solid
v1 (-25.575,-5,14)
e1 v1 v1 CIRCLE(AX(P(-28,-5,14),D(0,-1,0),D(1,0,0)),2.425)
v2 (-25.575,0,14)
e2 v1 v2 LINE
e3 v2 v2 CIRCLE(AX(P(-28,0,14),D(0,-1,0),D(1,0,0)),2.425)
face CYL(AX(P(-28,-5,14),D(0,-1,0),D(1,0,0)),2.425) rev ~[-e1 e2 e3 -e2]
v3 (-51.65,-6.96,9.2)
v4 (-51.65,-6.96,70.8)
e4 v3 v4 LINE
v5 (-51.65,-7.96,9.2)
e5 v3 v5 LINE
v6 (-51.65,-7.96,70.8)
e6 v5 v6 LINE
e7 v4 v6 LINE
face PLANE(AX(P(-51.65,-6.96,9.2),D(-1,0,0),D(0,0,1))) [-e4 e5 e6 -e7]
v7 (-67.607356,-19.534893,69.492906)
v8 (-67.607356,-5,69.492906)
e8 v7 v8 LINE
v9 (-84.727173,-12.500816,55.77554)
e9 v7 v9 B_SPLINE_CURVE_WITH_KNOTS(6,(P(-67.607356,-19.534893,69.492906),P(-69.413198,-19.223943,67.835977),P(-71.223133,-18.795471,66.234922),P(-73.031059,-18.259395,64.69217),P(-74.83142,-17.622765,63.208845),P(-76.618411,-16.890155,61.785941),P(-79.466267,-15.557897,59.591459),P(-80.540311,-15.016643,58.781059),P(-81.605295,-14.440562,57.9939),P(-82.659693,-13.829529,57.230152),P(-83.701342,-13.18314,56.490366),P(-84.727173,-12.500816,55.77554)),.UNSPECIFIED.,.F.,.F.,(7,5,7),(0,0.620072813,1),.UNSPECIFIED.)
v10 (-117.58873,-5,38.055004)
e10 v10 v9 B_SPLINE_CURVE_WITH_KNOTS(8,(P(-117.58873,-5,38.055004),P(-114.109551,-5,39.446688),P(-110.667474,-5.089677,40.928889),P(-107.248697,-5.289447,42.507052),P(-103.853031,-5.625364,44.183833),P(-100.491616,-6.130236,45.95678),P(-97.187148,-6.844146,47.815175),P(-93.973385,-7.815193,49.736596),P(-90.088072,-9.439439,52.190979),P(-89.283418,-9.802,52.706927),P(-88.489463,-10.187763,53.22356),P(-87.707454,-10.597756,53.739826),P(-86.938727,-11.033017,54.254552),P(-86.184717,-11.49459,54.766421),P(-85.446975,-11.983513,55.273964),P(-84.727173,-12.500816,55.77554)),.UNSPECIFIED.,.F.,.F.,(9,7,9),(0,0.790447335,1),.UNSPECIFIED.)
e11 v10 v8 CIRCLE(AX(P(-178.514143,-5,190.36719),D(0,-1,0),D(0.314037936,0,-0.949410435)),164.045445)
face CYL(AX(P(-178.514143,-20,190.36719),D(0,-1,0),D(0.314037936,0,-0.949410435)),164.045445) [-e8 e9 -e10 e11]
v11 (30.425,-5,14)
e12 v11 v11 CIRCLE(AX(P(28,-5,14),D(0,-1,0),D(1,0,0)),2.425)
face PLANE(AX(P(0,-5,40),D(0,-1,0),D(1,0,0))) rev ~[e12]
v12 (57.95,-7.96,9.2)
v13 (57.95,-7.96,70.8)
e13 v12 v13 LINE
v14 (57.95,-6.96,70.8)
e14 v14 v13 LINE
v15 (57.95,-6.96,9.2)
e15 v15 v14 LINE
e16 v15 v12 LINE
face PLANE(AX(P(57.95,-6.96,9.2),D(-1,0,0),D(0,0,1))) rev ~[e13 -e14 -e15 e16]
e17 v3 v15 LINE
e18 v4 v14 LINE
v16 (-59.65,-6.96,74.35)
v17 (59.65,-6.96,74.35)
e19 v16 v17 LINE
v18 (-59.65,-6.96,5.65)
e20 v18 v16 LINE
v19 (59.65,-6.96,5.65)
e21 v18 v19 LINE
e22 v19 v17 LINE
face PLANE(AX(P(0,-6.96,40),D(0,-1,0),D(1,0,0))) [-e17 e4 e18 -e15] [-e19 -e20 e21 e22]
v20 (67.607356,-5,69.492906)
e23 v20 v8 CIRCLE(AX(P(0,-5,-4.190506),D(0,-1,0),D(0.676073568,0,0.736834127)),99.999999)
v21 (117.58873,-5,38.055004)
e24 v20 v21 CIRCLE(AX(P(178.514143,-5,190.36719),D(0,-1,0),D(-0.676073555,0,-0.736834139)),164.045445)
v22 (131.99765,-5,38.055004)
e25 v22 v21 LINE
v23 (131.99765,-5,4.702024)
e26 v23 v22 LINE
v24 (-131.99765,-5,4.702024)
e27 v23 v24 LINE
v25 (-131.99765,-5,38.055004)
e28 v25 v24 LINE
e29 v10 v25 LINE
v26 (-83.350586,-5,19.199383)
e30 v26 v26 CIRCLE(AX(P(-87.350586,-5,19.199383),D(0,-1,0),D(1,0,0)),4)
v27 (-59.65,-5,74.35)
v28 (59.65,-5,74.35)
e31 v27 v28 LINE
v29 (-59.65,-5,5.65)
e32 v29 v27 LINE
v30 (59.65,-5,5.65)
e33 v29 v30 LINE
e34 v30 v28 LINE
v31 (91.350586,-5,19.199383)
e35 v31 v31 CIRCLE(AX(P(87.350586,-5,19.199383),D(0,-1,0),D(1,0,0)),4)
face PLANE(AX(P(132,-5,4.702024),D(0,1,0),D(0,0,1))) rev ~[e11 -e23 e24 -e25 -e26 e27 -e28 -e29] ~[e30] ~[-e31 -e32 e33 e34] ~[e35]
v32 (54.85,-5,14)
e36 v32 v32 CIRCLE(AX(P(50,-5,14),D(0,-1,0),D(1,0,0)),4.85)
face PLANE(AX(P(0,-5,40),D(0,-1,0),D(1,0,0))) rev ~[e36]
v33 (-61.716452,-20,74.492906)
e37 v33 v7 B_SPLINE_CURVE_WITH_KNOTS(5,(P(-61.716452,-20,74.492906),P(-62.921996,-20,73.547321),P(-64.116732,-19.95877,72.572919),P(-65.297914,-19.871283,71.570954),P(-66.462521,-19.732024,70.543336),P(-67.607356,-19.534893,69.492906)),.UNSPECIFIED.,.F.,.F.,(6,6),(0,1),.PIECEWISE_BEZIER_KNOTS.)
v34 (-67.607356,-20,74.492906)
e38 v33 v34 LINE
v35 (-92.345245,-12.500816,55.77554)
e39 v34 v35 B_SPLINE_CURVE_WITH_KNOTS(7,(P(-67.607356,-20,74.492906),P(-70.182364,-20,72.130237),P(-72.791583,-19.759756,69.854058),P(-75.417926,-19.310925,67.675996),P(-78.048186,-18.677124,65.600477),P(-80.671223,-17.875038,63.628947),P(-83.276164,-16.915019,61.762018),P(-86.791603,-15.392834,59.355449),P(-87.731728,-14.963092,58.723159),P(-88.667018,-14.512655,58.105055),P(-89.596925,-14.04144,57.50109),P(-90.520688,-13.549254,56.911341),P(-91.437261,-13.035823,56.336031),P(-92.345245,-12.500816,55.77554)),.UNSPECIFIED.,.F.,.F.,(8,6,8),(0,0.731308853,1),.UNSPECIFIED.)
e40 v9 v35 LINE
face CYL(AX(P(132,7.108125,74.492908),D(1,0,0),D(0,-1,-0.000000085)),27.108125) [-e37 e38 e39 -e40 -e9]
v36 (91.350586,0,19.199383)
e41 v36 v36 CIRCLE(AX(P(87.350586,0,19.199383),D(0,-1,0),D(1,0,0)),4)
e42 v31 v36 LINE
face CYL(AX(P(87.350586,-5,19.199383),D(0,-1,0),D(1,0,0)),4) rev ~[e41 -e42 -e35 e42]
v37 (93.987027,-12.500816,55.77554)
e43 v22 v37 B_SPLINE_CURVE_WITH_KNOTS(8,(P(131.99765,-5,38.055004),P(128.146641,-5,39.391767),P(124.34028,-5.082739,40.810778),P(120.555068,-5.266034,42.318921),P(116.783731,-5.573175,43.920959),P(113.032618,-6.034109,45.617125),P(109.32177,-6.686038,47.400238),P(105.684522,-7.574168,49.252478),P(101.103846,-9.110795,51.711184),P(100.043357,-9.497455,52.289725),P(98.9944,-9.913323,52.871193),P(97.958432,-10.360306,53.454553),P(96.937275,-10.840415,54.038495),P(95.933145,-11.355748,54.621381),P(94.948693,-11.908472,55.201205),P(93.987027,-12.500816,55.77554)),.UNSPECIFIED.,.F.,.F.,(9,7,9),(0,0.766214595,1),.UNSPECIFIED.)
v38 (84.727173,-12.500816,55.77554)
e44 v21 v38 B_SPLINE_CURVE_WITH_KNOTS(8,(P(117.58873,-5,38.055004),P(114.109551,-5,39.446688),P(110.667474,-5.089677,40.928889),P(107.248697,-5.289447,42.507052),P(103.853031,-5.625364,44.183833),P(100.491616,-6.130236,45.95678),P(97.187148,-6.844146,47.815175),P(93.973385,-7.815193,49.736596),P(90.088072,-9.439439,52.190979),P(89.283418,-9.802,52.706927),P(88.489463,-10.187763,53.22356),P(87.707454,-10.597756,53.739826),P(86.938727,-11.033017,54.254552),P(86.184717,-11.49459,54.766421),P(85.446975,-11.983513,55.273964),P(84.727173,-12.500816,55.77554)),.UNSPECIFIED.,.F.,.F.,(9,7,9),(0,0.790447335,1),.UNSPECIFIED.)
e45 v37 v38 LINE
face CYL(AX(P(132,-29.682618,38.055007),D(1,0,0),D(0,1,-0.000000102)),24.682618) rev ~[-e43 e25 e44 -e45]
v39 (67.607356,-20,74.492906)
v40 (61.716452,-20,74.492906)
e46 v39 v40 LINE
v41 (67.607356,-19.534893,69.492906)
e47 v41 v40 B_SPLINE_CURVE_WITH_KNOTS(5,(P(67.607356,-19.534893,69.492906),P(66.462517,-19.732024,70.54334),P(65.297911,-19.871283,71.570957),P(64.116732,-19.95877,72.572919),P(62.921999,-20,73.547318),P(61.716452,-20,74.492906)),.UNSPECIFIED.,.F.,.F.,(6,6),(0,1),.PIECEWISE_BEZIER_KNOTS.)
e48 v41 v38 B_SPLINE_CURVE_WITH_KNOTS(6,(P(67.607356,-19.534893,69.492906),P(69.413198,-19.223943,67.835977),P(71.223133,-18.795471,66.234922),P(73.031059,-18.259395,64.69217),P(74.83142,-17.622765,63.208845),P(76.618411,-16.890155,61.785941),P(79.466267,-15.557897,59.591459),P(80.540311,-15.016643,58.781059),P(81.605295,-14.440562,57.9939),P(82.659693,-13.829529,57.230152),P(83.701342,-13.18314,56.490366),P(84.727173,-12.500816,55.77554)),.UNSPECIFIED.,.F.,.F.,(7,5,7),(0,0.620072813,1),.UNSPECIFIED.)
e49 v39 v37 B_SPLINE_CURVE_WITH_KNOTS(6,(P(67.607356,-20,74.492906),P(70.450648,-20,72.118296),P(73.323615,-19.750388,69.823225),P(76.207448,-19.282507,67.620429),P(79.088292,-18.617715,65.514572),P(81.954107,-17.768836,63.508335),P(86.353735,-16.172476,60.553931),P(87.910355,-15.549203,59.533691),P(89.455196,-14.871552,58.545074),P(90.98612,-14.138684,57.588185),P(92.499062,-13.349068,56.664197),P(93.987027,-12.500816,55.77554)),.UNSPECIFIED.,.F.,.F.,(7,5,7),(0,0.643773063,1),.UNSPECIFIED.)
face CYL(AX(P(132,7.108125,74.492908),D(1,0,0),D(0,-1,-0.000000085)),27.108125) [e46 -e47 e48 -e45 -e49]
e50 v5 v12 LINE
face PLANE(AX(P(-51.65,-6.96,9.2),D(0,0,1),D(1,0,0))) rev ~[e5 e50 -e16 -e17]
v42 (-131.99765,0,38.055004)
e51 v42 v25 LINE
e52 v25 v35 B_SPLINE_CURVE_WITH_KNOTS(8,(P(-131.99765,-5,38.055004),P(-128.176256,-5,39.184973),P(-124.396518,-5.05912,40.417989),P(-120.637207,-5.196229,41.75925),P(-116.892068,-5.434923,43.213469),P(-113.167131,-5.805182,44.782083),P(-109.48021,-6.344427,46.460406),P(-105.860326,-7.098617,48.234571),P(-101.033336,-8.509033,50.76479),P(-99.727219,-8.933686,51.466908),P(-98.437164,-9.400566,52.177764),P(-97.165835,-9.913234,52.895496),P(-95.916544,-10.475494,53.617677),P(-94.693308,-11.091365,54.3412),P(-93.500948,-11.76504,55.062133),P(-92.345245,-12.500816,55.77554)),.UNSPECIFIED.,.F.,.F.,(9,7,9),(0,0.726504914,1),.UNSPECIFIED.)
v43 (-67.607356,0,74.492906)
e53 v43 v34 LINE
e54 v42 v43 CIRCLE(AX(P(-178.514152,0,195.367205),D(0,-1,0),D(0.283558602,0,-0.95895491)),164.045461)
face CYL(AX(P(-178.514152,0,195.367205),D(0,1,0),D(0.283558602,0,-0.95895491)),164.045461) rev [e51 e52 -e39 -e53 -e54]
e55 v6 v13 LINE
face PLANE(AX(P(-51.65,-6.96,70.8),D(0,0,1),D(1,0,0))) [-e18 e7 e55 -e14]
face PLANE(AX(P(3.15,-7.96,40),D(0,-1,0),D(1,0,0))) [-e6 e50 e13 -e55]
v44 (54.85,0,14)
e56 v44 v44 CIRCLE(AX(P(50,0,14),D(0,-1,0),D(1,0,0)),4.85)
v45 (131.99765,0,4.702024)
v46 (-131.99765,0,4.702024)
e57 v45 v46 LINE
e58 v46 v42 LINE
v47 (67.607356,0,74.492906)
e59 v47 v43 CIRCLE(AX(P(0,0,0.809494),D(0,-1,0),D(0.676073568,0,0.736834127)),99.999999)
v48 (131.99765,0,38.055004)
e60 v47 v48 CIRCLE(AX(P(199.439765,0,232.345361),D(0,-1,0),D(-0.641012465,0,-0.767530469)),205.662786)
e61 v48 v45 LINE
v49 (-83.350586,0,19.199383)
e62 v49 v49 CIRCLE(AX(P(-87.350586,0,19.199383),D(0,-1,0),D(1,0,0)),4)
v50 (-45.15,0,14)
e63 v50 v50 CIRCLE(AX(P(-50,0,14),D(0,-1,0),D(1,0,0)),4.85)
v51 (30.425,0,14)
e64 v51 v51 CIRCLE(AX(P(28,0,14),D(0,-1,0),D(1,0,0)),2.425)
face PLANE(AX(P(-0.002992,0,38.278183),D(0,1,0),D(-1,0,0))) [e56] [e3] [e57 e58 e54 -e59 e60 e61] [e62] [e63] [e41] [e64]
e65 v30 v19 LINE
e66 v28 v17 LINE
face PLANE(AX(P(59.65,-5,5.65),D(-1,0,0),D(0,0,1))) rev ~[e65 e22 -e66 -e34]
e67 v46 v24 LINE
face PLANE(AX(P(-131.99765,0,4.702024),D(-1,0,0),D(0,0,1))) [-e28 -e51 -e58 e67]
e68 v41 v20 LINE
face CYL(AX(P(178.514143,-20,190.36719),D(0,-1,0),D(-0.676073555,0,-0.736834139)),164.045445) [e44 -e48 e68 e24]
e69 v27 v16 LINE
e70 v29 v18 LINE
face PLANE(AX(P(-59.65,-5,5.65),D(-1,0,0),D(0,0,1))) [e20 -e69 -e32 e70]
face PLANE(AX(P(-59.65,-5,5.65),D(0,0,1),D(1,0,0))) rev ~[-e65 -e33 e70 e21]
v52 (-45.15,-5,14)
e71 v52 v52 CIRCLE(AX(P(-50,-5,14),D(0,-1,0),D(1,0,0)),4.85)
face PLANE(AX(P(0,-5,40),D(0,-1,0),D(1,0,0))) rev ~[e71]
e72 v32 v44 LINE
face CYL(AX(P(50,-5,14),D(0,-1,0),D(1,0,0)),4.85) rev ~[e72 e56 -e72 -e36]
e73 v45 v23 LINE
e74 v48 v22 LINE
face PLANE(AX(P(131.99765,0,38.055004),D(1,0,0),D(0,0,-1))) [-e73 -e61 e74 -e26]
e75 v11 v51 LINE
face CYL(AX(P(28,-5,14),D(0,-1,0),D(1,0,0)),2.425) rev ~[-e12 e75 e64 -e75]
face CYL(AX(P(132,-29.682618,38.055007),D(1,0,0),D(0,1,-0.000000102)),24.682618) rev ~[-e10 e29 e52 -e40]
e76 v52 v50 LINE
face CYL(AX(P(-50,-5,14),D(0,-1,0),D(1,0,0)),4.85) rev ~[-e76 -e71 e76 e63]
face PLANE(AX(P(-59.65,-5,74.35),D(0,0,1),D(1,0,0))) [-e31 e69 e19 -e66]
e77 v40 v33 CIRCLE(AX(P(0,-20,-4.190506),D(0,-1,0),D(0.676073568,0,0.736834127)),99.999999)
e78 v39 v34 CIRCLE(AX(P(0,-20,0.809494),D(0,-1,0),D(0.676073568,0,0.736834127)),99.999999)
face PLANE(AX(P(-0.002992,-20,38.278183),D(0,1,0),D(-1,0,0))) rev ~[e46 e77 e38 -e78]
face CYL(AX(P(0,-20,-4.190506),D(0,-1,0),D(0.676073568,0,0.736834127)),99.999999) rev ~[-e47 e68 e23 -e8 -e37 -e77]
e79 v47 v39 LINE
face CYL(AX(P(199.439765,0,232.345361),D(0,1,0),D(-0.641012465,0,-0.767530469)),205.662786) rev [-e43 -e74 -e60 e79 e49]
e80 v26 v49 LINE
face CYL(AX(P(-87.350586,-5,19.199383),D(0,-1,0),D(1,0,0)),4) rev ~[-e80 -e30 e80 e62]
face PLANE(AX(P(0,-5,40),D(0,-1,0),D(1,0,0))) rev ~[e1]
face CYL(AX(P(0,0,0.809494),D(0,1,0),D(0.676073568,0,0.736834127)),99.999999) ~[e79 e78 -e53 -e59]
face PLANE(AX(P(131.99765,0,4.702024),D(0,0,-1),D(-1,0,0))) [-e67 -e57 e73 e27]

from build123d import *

# Parameters (mm, degrees)
PAD_DEPTH       = 20
POCKET_DEPTH    = 15
POCKET001_DEPTH = 263.99865
SKETCH014_R     = 4.85
SKETCH014_R_2   = 2.425
SKETCH014_R_3   = 4
POCKET002_DEPTH = 5.001
SKETCH002_W     = 119.3
SKETCH002_H     = 68.7
PAD001_DEPTH    = 1.96
SKETCH003_W     = 109.6
SKETCH003_H     = 61.6
PAD002_DEPTH    = 1


with BuildPart() as part:
    # Sketch → Pad (new body)
    with BuildSketch(Plane.XZ):
        with BuildLine():
            ThreePointArc((-131.99765, 38.055004), (-97.721492, 52.596551), (-67.607356, 74.492906))
            ThreePointArc((67.607356, 74.492906), (0, 100.809493), (-67.607356, 74.492906))
            ThreePointArc((67.607356, 74.492906), (98.150505, 53.35467), (131.99765, 38.055004))
            Line((131.99765, 38.055004), (131.99765, 4.702024))
            Line((131.99765, 4.702024), (-131.99765, 4.702024))
            Line((-131.99765, 4.702024), (-131.99765, 38.055004))
        make_face()
    extrude(amount=PAD_DEPTH)

    # Sketch012 → Pocket (cut)
    with BuildSketch(Plane.XZ.offset(20)):
        with BuildLine():
            Line((-126.99765, -34.311944), (126.99765, -34.311944))
            Line((126.99765, -34.311944), (126.99765, 34.620733))
            ThreePointArc((67.607356, 69.492906), (95.451831, 48.904968), (126.99765, 34.620733))
            ThreePointArc((67.607356, 69.492906), (0, 95.809493), (-67.607356, 69.492906))
            ThreePointArc((-126.99765, 34.620733), (-95.451831, 48.904968), (-67.607356, 69.492906))
            Line((-126.99765, -34.311944), (-126.99765, 34.620733))
        make_face()
    extrude(amount=-POCKET_DEPTH, mode=Mode.SUBTRACT)

    # Sketch013 → Pocket001 (cut, through all)
    with BuildSketch(Plane.YZ.offset(132)):
        with BuildLine():
            Line((-20, 4.702024), (-5, 4.702024))
            Line((-5, 4.702024), (-5, 38.055004))
            ThreePointArc((-5, 38.055004), (-6.952423, 47.67633), (-12.500816, 55.77554))
            ThreePointArc((-20, 74.492906), (-18.05546, 64.411022), (-12.500816, 55.77554))
            Line((-20, 4.702024), (-20, 74.492906))
        make_face()
    extrude(amount=-POCKET001_DEPTH, mode=Mode.SUBTRACT)

    # Sketch014 → Pocket002 (cut, through all)
    with BuildSketch(Plane.XZ.offset(5)):
        with Locations((-50, 14)):
            Circle(SKETCH014_R)
        with Locations((-28, 14)):
            Circle(SKETCH014_R_2)
        with Locations((28, 14)):
            Circle(SKETCH014_R_2)
        with Locations((50, 14)):
            Circle(SKETCH014_R)
        with Locations((-87.350586, 19.199383)):
            Circle(SKETCH014_R_3)
        with Locations((87.350586, 19.199383)):
            Circle(SKETCH014_R_3)
    extrude(amount=-POCKET002_DEPTH, mode=Mode.SUBTRACT)

    # Sketch002 → Pad001 (join)
    with BuildSketch(Plane(origin=(0, -5, 40), x_dir=(1, 0, 0), z_dir=(0, -1, 0))):
        Rectangle(SKETCH002_W, SKETCH002_H)
    extrude(amount=PAD001_DEPTH)

    # Sketch003 → Pad002 (join)
    with BuildSketch(Plane(origin=(0, -6.96, 40), x_dir=(1, 0, 0), z_dir=(0, -1, 0))):
        with Locations((3.15, 0)):
            Rectangle(SKETCH003_W, SKETCH003_H)
    extrude(amount=PAD002_DEPTH)


solid = part.part
